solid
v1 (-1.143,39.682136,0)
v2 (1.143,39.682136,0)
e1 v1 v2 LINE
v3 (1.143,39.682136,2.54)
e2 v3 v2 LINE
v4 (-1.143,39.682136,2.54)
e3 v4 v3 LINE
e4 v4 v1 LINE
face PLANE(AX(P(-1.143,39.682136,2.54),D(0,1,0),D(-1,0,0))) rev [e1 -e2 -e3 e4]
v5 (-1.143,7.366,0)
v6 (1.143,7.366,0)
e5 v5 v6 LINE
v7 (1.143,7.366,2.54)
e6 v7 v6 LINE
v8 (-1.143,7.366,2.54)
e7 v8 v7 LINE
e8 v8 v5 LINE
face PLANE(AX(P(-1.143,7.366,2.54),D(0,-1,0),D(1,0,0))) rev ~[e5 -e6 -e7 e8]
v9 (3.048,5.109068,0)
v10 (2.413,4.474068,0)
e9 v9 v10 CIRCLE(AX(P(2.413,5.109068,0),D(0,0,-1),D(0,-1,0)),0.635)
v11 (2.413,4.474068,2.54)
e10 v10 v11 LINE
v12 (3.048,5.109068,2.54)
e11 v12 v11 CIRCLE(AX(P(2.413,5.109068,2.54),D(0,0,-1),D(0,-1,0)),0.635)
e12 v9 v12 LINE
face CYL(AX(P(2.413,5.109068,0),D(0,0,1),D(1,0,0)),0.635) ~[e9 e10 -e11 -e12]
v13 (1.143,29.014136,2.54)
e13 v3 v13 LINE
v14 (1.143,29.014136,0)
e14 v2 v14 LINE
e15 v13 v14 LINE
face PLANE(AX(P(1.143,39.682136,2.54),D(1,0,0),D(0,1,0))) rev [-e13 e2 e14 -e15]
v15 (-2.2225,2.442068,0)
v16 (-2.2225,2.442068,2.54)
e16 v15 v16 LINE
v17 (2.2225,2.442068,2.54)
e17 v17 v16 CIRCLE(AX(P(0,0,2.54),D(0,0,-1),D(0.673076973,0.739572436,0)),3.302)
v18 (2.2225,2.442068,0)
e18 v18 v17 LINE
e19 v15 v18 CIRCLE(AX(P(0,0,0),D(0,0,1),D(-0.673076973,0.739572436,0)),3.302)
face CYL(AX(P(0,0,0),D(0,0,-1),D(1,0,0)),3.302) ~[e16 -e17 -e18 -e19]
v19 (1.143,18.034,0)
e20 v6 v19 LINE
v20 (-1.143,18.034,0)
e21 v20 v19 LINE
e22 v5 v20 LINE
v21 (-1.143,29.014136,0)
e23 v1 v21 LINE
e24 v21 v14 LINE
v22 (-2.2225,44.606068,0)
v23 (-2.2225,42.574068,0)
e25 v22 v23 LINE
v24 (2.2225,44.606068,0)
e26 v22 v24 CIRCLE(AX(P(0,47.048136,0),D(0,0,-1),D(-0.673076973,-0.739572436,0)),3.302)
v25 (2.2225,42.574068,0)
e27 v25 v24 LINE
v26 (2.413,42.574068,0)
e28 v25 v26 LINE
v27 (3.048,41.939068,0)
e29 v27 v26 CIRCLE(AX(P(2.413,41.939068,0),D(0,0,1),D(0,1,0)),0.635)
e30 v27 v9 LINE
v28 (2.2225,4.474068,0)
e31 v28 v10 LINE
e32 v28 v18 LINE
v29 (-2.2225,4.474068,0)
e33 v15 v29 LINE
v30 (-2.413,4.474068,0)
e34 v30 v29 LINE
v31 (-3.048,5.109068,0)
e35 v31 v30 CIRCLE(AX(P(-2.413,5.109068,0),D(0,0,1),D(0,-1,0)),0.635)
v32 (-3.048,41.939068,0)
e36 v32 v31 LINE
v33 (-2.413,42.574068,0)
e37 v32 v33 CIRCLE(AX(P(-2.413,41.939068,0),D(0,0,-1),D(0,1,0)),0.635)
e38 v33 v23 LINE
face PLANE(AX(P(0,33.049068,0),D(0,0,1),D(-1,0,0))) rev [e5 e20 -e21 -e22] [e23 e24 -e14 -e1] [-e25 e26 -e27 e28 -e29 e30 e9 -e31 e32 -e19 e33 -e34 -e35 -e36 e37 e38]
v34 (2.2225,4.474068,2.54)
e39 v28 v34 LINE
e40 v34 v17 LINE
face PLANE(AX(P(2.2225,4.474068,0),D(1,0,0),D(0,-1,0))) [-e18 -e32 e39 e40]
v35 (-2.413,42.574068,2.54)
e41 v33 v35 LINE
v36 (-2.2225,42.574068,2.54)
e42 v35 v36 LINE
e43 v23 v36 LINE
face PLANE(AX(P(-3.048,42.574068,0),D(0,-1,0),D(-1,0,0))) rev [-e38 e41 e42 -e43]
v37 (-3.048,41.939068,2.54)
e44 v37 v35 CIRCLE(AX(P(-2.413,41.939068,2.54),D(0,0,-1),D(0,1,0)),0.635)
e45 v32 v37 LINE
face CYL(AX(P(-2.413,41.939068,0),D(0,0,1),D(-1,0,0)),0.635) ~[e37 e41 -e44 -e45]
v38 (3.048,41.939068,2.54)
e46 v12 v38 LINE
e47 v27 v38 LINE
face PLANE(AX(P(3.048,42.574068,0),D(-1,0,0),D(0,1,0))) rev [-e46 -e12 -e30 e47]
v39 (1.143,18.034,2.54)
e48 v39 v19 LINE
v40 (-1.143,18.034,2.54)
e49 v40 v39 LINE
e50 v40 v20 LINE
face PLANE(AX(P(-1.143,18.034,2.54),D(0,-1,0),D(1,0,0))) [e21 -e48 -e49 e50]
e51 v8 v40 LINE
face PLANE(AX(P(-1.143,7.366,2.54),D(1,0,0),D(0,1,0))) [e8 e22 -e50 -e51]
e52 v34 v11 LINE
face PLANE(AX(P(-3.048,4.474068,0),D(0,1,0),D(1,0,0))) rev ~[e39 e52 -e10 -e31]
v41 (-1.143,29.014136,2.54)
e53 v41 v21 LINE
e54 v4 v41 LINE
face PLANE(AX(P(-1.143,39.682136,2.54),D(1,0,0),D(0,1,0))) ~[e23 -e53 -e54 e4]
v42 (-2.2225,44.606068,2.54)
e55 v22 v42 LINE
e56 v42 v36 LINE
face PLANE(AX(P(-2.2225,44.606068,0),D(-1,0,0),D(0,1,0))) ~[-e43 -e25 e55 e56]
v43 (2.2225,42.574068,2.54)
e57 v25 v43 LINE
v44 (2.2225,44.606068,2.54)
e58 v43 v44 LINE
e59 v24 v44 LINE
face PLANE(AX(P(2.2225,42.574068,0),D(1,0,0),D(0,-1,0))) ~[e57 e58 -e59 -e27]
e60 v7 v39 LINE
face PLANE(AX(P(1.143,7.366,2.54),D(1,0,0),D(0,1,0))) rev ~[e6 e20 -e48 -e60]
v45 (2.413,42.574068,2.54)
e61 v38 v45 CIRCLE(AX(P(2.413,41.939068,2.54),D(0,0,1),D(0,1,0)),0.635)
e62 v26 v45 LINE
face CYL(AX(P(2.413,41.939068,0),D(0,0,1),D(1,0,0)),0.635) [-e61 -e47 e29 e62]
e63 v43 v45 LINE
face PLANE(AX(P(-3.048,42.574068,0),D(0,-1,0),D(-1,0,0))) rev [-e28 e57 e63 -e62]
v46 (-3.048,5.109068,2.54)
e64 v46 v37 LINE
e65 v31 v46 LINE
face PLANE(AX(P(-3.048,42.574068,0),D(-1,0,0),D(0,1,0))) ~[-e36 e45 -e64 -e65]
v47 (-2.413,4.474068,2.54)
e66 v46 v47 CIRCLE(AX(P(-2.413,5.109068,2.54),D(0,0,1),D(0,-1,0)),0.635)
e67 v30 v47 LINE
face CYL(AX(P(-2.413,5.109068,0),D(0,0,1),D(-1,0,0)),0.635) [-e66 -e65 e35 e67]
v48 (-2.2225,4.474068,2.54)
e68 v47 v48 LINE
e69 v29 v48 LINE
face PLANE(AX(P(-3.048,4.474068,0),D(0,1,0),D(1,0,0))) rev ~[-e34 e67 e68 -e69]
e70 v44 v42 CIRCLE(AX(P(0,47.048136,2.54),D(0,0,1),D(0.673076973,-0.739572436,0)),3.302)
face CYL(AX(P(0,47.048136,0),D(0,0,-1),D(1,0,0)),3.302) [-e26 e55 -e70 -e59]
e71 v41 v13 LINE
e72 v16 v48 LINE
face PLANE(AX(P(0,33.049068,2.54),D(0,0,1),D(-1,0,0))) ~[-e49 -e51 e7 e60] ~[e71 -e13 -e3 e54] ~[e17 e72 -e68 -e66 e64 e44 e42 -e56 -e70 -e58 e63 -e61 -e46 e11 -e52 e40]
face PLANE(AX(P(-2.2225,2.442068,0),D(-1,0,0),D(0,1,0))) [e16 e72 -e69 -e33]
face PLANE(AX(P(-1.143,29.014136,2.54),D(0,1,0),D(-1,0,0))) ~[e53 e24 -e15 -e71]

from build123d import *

# Parameters (mm, degrees)
F0_R     = 3.302
F1_DEPTH = 2.54
F3_DEPTH = 2.54
F4_W     = 6.096
F4_H     = 19.05
F5_DEPTH = 2.54
F6_R     = 0.635
F7_W     = 2.286
F7_H     = 10.668
F8_DEPTH = 25.4


with BuildPart() as f1:
    # F0 (on Top) → F1 (new body)
    with BuildSketch(Plane.XY):
        Circle(F0_R)
    extrude(amount=F1_DEPTH)

    # F2 (on face) → F3 (join, through all)
    with BuildSketch(Plane(origin=(0, 0, 0), x_dir=(1, 0, 0), z_dir=(0, 0, -1))):
        with BuildLine():
            ThreePointArc((2.2225, -2.442068), (0, -3.302), (-2.2225, -2.442068))
            Line((-2.2225, -2.442068), (-2.2225, -4.474068))
            Line((-2.2225, -4.474068), (2.2225, -4.474068))
            Line((2.2225, -4.474068), (2.2225, -2.442068))
        make_face()
    extrude(amount=-F3_DEPTH)

    # F4 (on Top) → F5 (join, through all)
    with BuildSketch(Plane.XY):
        with Locations((0, 13.999068)):
            Rectangle(F4_W, F4_H)
    extrude(amount=F5_DEPTH)

    # F6
    f6_edges = [f1.edges().sort_by_distance(p)[0] for p in [
        (3.048, 4.474068, 1.27),
        (-3.048, 4.474068, 1.27),
    ]]
    fillet(f6_edges, radius=F6_R)

    # F7 (on face) → F8 (cut)
    with BuildSketch(Plane.XY.offset(2.54)):
        with Locations((0, 12.7)):
            Rectangle(F7_W, F7_H)
    extrude(amount=-F8_DEPTH, mode=Mode.SUBTRACT)

    # F9: F1 across face


with BuildPart() as f1_1:
    add(f1.part)
    add(f1.part.mirror(Plane(origin=(0, 23.524068, 1.27), x_dir=(-1, 0, 0), z_dir=(0, 1, 0))))


solid = f1_1.part
